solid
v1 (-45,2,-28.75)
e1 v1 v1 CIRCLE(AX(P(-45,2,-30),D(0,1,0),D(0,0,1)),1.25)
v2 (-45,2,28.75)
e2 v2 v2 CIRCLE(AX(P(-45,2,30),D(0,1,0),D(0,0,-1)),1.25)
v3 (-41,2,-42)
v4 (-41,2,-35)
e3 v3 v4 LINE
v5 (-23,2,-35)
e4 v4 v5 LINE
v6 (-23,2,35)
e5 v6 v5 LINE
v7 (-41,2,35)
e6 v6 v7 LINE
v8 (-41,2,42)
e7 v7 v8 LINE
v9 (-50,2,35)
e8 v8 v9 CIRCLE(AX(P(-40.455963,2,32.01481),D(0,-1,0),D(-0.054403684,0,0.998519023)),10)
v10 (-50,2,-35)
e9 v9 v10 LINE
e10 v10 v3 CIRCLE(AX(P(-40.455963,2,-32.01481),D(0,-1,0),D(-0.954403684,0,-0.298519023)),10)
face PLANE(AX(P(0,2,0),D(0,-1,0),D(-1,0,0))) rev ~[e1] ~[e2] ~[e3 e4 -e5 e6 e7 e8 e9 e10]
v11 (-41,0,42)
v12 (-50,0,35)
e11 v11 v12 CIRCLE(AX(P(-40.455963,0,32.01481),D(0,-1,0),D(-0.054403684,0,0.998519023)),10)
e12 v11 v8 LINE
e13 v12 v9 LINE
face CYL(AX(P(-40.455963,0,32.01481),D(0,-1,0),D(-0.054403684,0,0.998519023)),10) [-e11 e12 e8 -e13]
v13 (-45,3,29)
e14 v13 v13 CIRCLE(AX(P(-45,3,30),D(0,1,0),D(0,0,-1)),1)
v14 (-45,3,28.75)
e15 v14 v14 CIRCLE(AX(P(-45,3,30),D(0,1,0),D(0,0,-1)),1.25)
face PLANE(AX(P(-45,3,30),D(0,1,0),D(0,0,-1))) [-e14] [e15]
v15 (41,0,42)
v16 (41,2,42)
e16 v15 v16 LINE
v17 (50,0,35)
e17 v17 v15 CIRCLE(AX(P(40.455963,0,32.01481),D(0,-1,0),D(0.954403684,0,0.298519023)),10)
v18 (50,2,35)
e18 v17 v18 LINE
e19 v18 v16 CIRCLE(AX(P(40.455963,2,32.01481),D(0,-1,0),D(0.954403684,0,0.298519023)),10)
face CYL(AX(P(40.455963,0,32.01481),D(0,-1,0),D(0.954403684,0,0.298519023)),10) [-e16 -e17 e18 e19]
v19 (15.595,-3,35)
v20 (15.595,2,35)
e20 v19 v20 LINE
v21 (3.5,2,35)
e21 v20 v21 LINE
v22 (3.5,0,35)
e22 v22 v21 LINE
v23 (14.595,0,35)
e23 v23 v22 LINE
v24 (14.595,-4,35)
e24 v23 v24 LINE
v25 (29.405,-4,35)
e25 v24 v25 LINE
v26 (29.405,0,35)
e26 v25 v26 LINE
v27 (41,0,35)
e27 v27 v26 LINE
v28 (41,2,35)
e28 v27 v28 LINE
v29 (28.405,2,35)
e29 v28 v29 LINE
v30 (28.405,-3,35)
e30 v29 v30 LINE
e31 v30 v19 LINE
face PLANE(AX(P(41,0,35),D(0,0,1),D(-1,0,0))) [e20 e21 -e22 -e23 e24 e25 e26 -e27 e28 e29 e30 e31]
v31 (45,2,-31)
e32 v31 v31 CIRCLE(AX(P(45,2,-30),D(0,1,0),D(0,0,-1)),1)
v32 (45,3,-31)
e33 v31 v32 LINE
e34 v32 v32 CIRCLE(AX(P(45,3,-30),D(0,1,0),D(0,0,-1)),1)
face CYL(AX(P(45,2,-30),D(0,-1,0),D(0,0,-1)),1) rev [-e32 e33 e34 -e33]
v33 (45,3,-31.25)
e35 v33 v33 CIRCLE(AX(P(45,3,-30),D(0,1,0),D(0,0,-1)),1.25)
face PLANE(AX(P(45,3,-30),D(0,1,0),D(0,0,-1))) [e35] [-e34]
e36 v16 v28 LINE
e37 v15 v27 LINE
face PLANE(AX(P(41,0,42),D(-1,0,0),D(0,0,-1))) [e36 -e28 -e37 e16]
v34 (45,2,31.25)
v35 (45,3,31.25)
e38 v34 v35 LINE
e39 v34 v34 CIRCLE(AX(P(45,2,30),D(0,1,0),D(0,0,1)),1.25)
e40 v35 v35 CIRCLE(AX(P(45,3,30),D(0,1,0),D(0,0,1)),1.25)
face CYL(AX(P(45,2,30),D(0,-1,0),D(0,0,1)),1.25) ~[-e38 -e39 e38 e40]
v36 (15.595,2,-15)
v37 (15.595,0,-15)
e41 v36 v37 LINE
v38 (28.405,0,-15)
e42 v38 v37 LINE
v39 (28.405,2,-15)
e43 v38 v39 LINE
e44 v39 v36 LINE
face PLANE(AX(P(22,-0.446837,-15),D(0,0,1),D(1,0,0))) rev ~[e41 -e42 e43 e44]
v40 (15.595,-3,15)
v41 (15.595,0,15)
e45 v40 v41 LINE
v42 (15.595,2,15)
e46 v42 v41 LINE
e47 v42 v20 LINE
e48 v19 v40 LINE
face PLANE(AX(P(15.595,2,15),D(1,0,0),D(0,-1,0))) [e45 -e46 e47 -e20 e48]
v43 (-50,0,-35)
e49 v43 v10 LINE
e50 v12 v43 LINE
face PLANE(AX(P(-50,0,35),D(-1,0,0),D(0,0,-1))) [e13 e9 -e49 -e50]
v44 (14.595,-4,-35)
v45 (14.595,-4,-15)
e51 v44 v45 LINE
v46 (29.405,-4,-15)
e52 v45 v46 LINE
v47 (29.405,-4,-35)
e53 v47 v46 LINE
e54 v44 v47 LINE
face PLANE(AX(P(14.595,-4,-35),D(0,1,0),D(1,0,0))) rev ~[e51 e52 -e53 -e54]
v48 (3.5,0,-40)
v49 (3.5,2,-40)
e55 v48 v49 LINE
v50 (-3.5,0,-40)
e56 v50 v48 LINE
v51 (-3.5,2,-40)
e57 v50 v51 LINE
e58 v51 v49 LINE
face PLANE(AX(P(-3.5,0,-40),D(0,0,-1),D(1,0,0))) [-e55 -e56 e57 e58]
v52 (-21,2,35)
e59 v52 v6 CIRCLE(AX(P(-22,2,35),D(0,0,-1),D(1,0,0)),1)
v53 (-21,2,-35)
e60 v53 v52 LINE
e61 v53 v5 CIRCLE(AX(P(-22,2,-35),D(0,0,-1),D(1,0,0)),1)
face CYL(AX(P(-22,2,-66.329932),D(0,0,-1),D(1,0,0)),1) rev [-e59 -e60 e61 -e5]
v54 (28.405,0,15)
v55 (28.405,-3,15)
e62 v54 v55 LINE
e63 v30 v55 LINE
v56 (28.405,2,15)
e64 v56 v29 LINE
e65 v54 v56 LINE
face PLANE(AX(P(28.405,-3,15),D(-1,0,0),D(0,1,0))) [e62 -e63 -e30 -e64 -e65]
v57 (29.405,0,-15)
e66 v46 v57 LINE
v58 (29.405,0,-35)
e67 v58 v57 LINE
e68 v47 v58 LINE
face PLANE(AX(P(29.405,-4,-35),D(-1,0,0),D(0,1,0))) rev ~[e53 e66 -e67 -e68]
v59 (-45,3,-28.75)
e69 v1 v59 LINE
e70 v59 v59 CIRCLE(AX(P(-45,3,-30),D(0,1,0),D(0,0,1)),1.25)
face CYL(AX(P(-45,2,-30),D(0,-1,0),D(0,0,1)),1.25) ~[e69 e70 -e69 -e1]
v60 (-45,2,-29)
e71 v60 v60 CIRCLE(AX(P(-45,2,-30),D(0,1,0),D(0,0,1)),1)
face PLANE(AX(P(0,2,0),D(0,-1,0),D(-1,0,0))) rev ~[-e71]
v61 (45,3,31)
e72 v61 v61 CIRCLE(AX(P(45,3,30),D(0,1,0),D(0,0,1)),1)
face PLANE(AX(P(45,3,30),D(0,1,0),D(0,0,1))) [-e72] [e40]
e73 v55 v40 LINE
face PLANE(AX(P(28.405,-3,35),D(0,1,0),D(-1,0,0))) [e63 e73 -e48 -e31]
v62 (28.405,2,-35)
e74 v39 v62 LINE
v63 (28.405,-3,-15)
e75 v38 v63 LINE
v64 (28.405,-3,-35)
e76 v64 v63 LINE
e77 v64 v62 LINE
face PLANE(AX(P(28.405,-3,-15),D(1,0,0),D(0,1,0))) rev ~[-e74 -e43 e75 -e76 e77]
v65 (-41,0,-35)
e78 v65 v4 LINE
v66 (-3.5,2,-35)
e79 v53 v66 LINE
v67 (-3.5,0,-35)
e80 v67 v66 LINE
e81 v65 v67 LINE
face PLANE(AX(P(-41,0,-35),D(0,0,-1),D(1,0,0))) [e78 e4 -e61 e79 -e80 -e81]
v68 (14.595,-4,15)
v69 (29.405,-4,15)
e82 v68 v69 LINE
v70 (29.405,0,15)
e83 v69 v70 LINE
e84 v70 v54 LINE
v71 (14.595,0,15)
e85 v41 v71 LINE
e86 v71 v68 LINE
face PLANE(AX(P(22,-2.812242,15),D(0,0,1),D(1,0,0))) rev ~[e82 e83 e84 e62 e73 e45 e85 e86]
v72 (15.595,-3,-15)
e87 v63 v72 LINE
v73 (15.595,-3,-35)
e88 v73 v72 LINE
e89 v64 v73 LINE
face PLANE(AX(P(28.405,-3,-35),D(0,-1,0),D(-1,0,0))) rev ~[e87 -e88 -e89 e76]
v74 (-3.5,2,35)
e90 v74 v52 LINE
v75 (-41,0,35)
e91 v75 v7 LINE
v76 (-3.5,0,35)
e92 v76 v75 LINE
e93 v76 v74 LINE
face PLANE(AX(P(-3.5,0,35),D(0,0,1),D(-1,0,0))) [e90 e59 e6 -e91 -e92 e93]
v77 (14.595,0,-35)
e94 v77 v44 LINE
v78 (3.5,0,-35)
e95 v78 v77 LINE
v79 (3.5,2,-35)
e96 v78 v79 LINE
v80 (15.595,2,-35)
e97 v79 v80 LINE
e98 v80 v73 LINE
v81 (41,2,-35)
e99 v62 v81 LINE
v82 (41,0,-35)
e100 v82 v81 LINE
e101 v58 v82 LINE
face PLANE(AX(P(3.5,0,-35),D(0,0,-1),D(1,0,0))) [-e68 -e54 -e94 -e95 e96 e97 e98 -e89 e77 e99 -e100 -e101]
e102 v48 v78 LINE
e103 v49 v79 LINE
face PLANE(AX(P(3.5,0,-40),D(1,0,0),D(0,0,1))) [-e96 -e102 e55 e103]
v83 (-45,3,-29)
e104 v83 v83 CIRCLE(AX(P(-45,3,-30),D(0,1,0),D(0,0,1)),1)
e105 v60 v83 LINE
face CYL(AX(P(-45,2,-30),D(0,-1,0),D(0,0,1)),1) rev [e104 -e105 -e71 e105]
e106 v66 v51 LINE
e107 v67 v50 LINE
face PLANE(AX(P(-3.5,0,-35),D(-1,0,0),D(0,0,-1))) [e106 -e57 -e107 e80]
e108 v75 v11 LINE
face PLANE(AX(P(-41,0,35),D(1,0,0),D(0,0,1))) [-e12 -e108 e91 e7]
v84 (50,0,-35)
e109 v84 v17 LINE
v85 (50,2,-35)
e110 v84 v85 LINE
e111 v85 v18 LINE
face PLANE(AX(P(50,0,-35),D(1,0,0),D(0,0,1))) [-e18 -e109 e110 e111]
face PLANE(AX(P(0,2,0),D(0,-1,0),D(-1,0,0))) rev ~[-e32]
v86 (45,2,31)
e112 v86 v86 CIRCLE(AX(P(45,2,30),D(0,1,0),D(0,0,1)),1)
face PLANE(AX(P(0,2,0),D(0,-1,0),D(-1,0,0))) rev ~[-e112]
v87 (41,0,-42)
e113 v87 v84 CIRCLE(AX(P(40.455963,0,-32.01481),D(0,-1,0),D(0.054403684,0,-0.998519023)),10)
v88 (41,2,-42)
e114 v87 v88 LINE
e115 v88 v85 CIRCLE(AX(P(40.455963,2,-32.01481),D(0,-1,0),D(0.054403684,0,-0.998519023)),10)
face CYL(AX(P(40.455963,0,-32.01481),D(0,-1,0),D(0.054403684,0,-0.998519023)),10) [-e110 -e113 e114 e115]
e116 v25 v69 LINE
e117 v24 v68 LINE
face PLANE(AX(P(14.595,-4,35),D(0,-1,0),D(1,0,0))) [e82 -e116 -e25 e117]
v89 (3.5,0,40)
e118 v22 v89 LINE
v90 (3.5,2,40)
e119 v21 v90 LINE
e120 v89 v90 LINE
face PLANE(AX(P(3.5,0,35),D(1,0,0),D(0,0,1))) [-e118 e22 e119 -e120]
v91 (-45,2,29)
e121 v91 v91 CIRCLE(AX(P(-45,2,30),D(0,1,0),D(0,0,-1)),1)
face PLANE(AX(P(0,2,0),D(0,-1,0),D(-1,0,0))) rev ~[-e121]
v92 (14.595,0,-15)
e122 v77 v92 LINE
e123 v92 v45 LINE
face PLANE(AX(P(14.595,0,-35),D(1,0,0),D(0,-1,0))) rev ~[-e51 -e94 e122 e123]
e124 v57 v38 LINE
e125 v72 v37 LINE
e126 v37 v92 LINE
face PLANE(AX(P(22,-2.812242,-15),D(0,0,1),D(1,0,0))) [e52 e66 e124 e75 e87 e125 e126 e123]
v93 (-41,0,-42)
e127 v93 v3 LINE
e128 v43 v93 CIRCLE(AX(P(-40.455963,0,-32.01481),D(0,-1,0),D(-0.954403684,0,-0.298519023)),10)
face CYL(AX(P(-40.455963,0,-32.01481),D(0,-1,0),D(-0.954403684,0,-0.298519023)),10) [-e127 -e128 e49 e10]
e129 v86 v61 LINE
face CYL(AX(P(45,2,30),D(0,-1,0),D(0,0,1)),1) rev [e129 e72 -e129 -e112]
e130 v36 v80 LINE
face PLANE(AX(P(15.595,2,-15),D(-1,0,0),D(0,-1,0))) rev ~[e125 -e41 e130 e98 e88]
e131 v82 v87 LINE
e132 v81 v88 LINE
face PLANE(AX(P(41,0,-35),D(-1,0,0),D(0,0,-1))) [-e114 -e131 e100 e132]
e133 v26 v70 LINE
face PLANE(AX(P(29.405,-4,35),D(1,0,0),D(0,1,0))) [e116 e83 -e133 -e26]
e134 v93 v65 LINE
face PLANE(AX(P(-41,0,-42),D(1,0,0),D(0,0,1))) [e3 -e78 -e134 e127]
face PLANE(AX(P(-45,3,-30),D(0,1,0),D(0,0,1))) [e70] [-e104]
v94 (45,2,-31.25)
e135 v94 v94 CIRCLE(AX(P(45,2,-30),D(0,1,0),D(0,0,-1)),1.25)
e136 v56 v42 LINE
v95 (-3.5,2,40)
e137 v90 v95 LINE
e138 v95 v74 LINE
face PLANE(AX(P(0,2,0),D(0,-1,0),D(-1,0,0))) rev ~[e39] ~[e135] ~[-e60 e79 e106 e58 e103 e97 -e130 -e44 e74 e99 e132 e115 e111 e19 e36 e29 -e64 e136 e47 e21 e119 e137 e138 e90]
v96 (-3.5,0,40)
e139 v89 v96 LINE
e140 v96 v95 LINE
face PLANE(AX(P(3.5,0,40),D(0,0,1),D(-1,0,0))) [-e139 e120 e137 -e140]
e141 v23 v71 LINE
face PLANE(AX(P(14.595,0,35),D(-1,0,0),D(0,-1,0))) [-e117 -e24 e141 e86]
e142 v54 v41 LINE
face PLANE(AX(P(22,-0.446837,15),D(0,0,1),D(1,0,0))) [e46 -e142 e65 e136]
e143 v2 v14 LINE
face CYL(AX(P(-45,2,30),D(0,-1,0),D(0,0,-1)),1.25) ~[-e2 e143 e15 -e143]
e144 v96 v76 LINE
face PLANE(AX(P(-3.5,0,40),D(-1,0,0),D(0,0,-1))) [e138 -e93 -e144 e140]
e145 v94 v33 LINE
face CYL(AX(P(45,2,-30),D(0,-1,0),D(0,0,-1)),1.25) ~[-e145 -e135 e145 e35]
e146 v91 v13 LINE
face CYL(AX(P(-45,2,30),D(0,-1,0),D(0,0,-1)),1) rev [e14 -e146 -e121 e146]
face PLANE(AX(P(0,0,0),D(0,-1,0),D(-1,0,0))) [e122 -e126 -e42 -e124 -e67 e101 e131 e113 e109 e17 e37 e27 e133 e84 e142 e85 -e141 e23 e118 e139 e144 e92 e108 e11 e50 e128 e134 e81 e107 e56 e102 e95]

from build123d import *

# Parameters (mm, degrees)
BOSS_EXTRUDE2_DEPTH     = 2
CUT_EXTRUDE4_DEPTH      = 66.329931884
CUT_EXTRUDE4_DEPTH_BACK = 66.329931884
SKETCH4_R               = 1
BOSS_EXTRUDE3_START     = -15
BOSS_EXTRUDE3_DEPTH     = 20
BOSS_EXTRUDE4_START     = -85
BOSS_EXTRUDE4_DEPTH     = 20
CUT_EXTRUDE5_DEPTH      = 1
CUT_EXTRUDE5_DEPTH_BACK = 40
CUT_EXTRUDE5_START      = 5
SKETCH6_4_W             = 12.81
SKETCH6_4_H             = 5
CUT_EXTRUDE6_START      = -65
SKETCH6_6_W             = 12.81
SKETCH6_6_H             = 5
CUT_EXTRUDE6_DEPTH      = 20
SKETCH11_R              = 1.25
SKETCH11_R_2            = 1
BOSS_EXTRUDE6_DEPTH     = 1


with BuildPart() as part:
    # Sketch1 → Boss-Extrude2 (new body)
    with BuildSketch(Plane(origin=(0, 0, 0), x_dir=(1, 0, 0), z_dir=(0, 1, 0))):
        with BuildLine():
            Line((-3.5, 40), (-3.5, 35))
            Line((-3.5, 35), (-41, 35))
            Line((-41, 35), (-41, 42))
            ThreePointArc((-41, 42), (-46.59536929, 39.908331945), (-50, 35))
            Line((-50, 35), (-50, -35))
            ThreePointArc((-50, -35), (-46.59536929, -39.908331945), (-41, -42))
            Line((-41, -42), (-41, -35))
            Line((-41, -35), (-3.5, -35))
            Line((-3.5, -35), (-3.5, -40))
            Line((-3.5, -40), (3.5, -40))
            Line((3.5, -40), (3.5, -35))
            Line((3.5, -35), (41, -35))
            Line((41, -35), (41, -42))
            ThreePointArc((41, -42), (46.59536929, -39.908331945), (50, -35))
            Line((50, -35), (50, 35))
            ThreePointArc((50, 35), (46.59536929, 39.908331945), (41, 42))
            Line((41, 42), (41, 35))
            Line((41, 35), (3.5, 35))
            Line((3.5, 35), (3.5, 40))
            Line((3.5, 40), (-3.5, 40))
        make_face()
    extrude(amount=BOSS_EXTRUDE2_DEPTH)

    # Sketch4 → Cut-Extrude4 (cut, two sides: drawn at the far end of the back side and taken through both)
    with BuildSketch(Plane.XY.offset(-CUT_EXTRUDE4_DEPTH_BACK)):
        with Locations((-22, 2)):
            Circle(SKETCH4_R)
    extrude(amount=CUT_EXTRUDE4_DEPTH + CUT_EXTRUDE4_DEPTH_BACK, mode=Mode.SUBTRACT)

    # Sketch6 → Boss-Extrude3 (add)
    with BuildSketch(Plane.XY.offset(50).offset(BOSS_EXTRUDE3_START)):
        Polygon((15.595, -3), (15.595, 0), (14.595, 0), (14.595, -4), (29.405, -4), (29.405, 0), (28.405, 0), (28.405, -3), align=None)
    extrude(amount=-BOSS_EXTRUDE3_DEPTH)

    # Sketch6<3> → Boss-Extrude4 (add)
    with BuildSketch(Plane.XY.offset(50).offset(BOSS_EXTRUDE4_START)):
        Polygon((15.595, -3), (15.595, 0), (14.595, 0), (14.595, -4), (29.405, -4), (29.405, 0), (28.405, 0), (28.405, -3), align=None)
    extrude(amount=BOSS_EXTRUDE4_DEPTH)

    # Sketch6<4> → Cut-Extrude5 (cut, two sides: drawn at the far end of the back side and taken through both)
    with BuildSketch(Plane.XY.offset(50).offset(CUT_EXTRUDE5_START - CUT_EXTRUDE5_DEPTH_BACK)):
        with Locations((22, -0.5)):
            Rectangle(SKETCH6_4_W, SKETCH6_4_H)
    extrude(amount=CUT_EXTRUDE5_DEPTH + CUT_EXTRUDE5_DEPTH_BACK, mode=Mode.SUBTRACT)

    # Sketch6<6> → Cut-Extrude6 (cut)
    with BuildSketch(Plane.XY.offset(50).offset(CUT_EXTRUDE6_START)):
        with Locations((22, -0.5)):
            Rectangle(SKETCH6_6_W, SKETCH6_6_H)
    extrude(amount=-CUT_EXTRUDE6_DEPTH, mode=Mode.SUBTRACT)

    # Sketch11 → Boss-Extrude6 (add)
    # profile 1 of 4: a face of its own
    with BuildSketch(Plane(origin=(0, 2, 0), x_dir=(1, 0, 0), z_dir=(0, 1, 0))):
        with Locations((-45, 30)):
            Circle(SKETCH11_R)
        with Locations((-45, 30)):
            Circle(SKETCH11_R_2, mode=Mode.SUBTRACT)
    # profile 2 of 4: a face of its own
    with BuildSketch(Plane(origin=(0, 2, 0), x_dir=(1, 0, 0), z_dir=(0, 1, 0))):
        with Locations((45, 30)):
            Circle(SKETCH11_R)
        with Locations((45, 30)):
            Circle(SKETCH11_R_2, mode=Mode.SUBTRACT)
    # profile 3 of 4: a face of its own
    with BuildSketch(Plane(origin=(0, 2, 0), x_dir=(1, 0, 0), z_dir=(0, 1, 0))):
        with Locations((-45, -30)):
            Circle(SKETCH11_R)
        with Locations((-45, -30)):
            Circle(SKETCH11_R_2, mode=Mode.SUBTRACT)
    # profile 4 of 4: a face of its own
    with BuildSketch(Plane(origin=(0, 2, 0), x_dir=(1, 0, 0), z_dir=(0, 1, 0))):
        with Locations((45, -30)):
            Circle(SKETCH11_R)
        with Locations((45, -30)):
            Circle(SKETCH11_R_2, mode=Mode.SUBTRACT)
    extrude(amount=BOSS_EXTRUDE6_DEPTH)


solid = part.part
